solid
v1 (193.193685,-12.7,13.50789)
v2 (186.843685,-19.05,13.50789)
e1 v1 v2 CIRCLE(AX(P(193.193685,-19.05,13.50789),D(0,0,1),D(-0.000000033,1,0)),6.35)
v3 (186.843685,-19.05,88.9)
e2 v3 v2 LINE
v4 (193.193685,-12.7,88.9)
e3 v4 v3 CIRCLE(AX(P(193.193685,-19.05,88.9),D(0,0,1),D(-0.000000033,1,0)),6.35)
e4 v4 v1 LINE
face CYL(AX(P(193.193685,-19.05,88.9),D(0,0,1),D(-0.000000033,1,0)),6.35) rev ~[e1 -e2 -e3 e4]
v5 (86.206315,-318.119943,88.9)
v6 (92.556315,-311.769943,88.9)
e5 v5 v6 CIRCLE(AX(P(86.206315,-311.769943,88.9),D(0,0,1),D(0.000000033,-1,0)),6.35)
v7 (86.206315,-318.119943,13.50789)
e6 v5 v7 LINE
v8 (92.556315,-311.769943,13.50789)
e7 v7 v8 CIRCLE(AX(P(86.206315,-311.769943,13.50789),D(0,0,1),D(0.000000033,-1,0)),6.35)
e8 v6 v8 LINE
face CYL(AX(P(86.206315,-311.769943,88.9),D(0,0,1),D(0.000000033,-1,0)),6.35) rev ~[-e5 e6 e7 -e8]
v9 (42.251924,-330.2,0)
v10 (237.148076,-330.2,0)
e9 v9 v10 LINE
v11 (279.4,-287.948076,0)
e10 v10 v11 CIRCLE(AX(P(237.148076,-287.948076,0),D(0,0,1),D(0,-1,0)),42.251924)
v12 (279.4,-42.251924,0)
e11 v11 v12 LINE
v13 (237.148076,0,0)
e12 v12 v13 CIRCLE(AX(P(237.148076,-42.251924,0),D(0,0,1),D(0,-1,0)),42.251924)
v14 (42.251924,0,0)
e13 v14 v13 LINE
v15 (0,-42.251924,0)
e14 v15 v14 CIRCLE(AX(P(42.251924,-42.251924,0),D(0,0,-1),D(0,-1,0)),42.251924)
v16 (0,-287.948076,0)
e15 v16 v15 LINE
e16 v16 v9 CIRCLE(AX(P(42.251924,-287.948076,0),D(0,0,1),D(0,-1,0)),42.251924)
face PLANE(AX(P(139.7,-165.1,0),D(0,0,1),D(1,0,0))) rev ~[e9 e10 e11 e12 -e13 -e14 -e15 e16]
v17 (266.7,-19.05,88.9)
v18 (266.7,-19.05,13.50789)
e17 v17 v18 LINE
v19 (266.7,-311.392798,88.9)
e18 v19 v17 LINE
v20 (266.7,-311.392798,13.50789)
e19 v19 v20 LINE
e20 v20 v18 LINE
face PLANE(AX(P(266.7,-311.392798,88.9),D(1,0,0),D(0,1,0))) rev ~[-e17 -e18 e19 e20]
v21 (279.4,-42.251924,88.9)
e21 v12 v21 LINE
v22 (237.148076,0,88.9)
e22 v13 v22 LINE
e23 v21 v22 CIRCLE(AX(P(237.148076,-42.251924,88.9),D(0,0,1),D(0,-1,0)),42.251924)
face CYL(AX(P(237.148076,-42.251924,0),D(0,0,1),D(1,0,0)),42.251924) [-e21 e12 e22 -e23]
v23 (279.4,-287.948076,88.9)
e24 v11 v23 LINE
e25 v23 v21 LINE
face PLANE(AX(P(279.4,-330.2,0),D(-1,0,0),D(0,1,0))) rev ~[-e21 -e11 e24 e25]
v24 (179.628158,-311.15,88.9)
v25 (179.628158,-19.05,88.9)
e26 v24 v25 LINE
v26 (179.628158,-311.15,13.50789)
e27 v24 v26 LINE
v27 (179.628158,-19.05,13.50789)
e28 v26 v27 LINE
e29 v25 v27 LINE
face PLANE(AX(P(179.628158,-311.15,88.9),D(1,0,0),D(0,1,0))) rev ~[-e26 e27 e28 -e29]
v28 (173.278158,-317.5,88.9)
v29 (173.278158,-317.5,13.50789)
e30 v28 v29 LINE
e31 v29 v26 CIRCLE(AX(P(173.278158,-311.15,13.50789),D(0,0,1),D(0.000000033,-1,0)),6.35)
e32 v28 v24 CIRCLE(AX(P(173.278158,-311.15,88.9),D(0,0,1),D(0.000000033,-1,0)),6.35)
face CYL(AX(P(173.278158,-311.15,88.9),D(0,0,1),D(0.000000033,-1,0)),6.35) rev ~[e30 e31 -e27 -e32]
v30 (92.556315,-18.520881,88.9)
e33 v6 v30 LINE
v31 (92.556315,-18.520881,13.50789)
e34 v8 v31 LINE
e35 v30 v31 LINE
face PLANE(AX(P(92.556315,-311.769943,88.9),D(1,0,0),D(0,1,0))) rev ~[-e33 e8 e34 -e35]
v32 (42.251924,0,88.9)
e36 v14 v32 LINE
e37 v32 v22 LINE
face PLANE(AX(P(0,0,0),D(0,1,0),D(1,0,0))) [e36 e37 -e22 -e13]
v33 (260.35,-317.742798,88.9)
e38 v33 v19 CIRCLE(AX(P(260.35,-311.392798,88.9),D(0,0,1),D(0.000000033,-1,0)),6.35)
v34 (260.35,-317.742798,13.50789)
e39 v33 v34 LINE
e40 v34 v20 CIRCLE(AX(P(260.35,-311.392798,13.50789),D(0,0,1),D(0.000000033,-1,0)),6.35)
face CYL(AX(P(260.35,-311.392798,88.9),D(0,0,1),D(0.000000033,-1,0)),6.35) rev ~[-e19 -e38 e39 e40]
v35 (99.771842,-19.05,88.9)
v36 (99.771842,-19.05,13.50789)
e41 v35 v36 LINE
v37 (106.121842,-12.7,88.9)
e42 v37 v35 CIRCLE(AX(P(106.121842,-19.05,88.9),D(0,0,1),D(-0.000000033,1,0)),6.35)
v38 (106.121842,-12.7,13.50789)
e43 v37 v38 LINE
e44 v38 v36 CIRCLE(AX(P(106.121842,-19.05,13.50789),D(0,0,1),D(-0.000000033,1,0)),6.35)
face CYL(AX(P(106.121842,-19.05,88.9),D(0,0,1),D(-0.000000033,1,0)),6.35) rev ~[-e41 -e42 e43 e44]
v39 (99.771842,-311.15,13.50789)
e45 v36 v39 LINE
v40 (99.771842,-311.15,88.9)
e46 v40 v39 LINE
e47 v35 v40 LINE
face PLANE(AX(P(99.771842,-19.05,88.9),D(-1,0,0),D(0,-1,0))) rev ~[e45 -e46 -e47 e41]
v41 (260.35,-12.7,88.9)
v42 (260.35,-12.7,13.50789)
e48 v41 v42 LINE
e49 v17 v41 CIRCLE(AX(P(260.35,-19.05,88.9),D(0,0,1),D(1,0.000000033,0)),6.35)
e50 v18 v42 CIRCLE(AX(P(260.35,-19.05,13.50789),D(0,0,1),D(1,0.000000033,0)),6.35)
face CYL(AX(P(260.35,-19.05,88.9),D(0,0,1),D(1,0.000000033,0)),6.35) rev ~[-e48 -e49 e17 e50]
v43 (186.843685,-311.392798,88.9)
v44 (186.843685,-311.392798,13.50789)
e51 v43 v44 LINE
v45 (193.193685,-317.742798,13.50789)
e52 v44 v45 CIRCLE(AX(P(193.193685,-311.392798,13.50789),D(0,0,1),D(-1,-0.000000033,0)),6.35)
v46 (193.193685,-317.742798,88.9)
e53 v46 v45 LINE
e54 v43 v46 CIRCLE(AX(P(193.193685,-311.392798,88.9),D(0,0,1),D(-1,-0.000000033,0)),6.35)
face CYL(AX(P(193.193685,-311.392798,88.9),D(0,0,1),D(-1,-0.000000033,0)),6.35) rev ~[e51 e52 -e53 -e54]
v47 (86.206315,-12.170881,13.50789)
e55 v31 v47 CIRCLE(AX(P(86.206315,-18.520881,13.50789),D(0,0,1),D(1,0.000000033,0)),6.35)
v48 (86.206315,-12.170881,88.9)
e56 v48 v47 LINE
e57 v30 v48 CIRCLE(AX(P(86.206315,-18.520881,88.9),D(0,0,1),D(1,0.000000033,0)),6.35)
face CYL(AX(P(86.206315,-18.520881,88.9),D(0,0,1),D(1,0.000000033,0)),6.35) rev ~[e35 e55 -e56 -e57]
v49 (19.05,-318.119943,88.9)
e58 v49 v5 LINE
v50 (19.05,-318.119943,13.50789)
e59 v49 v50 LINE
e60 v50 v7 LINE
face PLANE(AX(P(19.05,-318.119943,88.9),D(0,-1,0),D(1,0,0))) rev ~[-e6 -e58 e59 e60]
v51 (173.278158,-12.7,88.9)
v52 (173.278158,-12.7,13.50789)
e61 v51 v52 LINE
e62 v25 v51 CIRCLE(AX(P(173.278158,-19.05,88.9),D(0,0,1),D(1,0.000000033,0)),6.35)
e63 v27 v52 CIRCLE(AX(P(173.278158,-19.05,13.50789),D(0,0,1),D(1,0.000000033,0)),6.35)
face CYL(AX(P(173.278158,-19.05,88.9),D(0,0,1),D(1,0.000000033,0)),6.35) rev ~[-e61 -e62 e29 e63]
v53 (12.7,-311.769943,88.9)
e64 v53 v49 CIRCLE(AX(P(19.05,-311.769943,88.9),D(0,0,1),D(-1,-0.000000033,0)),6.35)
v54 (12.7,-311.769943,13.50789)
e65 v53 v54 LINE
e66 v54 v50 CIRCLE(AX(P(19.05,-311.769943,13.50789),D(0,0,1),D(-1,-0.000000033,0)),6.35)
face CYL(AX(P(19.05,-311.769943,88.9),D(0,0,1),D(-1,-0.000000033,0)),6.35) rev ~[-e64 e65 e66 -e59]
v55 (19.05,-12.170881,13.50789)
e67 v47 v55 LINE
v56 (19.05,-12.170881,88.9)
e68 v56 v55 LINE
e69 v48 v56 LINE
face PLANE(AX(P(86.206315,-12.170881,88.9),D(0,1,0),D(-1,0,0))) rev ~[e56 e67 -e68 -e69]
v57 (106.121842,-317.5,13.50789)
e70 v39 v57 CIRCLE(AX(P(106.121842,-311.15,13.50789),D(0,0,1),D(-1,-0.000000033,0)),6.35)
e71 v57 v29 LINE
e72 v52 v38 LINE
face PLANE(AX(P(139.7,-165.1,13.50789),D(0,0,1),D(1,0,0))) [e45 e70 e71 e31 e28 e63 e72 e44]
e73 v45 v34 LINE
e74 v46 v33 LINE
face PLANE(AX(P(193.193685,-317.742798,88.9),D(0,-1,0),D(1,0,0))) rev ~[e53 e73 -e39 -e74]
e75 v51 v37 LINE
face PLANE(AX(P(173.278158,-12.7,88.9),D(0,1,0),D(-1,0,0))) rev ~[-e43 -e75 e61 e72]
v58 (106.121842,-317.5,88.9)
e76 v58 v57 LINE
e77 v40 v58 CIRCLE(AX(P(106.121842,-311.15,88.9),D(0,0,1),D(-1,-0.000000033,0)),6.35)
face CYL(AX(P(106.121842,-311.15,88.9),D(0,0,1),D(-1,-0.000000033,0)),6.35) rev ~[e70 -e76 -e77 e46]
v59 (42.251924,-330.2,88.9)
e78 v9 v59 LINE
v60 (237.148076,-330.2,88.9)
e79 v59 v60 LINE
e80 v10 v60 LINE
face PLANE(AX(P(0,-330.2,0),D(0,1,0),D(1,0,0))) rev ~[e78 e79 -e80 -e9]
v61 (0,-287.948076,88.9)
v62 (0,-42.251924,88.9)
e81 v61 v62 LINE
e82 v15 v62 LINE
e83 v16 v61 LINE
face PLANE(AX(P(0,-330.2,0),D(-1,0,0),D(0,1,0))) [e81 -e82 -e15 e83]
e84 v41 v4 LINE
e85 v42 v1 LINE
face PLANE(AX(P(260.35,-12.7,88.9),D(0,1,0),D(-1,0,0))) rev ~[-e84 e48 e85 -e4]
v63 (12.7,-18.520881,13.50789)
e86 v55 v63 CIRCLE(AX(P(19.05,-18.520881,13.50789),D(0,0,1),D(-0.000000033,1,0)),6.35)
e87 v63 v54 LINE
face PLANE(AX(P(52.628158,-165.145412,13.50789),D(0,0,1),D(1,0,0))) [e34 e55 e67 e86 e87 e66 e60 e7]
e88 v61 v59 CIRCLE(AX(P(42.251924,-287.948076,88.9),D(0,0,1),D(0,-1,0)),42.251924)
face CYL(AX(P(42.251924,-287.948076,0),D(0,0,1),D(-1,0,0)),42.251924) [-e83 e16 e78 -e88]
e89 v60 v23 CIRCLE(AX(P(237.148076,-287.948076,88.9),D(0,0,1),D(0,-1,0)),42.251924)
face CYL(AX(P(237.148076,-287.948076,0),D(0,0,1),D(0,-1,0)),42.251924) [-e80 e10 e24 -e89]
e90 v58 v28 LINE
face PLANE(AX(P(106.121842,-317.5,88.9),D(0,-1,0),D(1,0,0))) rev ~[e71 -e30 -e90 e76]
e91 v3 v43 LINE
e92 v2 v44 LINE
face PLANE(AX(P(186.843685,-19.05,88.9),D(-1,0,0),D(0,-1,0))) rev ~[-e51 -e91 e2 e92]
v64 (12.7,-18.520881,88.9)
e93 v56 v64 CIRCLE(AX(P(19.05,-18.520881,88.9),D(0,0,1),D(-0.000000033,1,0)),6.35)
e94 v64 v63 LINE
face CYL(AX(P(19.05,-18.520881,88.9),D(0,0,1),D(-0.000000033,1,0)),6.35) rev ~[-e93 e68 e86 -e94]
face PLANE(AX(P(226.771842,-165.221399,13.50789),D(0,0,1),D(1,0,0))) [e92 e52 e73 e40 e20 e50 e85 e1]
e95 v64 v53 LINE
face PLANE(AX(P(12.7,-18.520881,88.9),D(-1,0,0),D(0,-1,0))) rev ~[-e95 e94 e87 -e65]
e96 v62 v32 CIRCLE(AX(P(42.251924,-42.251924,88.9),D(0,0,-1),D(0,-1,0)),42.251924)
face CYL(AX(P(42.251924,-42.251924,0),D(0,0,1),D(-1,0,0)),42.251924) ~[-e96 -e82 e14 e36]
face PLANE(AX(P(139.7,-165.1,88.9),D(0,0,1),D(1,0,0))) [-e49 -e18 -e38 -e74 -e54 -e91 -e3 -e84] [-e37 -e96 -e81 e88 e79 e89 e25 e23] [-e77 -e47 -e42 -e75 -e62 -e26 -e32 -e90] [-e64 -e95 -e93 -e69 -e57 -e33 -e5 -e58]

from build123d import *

# Parameters (mm, degrees)
F0_W     = 279.4
F0_H     = 330.2
F1_DEPTH = 88.9
F2_R     = 42.251924
F4_DEPTH = 75.39211


with BuildPart() as f1:
    # F0 (on Top) → F1 (new body)
    with BuildSketch(Plane.XY):
        with Locations((139.7, -165.1)):
            Rectangle(F0_W, F0_H)
    extrude(amount=F1_DEPTH)

    # F2
    f2_edges = [f1.edges().sort_by_distance(p)[0] for p in [
        (0, -330.2, 44.45),
        (279.4, -330.2, 44.45),
        (279.4, 0, 44.45),
        (0, 0, 44.45),
    ]]
    fillet(f2_edges, radius=F2_R)

    # F3 (on face) → F4 (cut)
    with BuildSketch(Plane.XY.offset(88.9)):
        with BuildLine():
            ThreePointArc((99.771842, -311.15), (101.631714, -315.640128), (106.121842, -317.5))
            Line((106.121842, -317.5), (173.278158, -317.5))
            ThreePointArc((173.278158, -317.5), (177.768286, -315.640128), (179.628158, -311.15))
            Line((179.628158, -311.15), (179.628158, -19.05))
            ThreePointArc((179.628158, -19.05), (177.768286, -14.559872), (173.278158, -12.7))
            Line((173.278158, -12.7), (106.121842, -12.7))
            ThreePointArc((106.121842, -12.7), (101.631714, -14.559872), (99.771842, -19.05))
            Line((99.771842, -19.05), (99.771842, -311.15))
        make_face()
        with BuildLine():
            Line((260.35, -12.7), (193.193685, -12.7))
            ThreePointArc((193.193685, -12.7), (188.703557, -14.559872), (186.843685, -19.05))
            Line((186.843685, -19.05), (186.843685, -311.392798))
            ThreePointArc((186.843685, -311.392798), (188.703557, -315.882926), (193.193685, -317.742798))
            Line((193.193685, -317.742798), (260.35, -317.742798))
            ThreePointArc((260.35, -317.742798), (264.840128, -315.882926), (266.7, -311.392798))
            Line((266.7, -311.392798), (266.7, -19.05))
            ThreePointArc((266.7, -19.05), (264.840128, -14.559872), (260.35, -12.7))
        make_face()
        with BuildLine():
            Line((86.206315, -12.170881), (19.05, -12.170881))
            ThreePointArc((19.05, -12.170881), (14.559872, -14.030753), (12.7, -18.520881))
            Line((12.7, -18.520881), (12.7, -311.769943))
            ThreePointArc((12.7, -311.769943), (14.559872, -316.260071), (19.05, -318.119943))
            Line((19.05, -318.119943), (86.206315, -318.119943))
            ThreePointArc((86.206315, -318.119943), (90.696443, -316.260071), (92.556315, -311.769943))
            Line((92.556315, -311.769943), (92.556315, -18.520881))
            ThreePointArc((92.556315, -18.520881), (90.696443, -14.030753), (86.206315, -12.170881))
        make_face()
    extrude(amount=-F4_DEPTH, mode=Mode.SUBTRACT)


solid = f1.part
